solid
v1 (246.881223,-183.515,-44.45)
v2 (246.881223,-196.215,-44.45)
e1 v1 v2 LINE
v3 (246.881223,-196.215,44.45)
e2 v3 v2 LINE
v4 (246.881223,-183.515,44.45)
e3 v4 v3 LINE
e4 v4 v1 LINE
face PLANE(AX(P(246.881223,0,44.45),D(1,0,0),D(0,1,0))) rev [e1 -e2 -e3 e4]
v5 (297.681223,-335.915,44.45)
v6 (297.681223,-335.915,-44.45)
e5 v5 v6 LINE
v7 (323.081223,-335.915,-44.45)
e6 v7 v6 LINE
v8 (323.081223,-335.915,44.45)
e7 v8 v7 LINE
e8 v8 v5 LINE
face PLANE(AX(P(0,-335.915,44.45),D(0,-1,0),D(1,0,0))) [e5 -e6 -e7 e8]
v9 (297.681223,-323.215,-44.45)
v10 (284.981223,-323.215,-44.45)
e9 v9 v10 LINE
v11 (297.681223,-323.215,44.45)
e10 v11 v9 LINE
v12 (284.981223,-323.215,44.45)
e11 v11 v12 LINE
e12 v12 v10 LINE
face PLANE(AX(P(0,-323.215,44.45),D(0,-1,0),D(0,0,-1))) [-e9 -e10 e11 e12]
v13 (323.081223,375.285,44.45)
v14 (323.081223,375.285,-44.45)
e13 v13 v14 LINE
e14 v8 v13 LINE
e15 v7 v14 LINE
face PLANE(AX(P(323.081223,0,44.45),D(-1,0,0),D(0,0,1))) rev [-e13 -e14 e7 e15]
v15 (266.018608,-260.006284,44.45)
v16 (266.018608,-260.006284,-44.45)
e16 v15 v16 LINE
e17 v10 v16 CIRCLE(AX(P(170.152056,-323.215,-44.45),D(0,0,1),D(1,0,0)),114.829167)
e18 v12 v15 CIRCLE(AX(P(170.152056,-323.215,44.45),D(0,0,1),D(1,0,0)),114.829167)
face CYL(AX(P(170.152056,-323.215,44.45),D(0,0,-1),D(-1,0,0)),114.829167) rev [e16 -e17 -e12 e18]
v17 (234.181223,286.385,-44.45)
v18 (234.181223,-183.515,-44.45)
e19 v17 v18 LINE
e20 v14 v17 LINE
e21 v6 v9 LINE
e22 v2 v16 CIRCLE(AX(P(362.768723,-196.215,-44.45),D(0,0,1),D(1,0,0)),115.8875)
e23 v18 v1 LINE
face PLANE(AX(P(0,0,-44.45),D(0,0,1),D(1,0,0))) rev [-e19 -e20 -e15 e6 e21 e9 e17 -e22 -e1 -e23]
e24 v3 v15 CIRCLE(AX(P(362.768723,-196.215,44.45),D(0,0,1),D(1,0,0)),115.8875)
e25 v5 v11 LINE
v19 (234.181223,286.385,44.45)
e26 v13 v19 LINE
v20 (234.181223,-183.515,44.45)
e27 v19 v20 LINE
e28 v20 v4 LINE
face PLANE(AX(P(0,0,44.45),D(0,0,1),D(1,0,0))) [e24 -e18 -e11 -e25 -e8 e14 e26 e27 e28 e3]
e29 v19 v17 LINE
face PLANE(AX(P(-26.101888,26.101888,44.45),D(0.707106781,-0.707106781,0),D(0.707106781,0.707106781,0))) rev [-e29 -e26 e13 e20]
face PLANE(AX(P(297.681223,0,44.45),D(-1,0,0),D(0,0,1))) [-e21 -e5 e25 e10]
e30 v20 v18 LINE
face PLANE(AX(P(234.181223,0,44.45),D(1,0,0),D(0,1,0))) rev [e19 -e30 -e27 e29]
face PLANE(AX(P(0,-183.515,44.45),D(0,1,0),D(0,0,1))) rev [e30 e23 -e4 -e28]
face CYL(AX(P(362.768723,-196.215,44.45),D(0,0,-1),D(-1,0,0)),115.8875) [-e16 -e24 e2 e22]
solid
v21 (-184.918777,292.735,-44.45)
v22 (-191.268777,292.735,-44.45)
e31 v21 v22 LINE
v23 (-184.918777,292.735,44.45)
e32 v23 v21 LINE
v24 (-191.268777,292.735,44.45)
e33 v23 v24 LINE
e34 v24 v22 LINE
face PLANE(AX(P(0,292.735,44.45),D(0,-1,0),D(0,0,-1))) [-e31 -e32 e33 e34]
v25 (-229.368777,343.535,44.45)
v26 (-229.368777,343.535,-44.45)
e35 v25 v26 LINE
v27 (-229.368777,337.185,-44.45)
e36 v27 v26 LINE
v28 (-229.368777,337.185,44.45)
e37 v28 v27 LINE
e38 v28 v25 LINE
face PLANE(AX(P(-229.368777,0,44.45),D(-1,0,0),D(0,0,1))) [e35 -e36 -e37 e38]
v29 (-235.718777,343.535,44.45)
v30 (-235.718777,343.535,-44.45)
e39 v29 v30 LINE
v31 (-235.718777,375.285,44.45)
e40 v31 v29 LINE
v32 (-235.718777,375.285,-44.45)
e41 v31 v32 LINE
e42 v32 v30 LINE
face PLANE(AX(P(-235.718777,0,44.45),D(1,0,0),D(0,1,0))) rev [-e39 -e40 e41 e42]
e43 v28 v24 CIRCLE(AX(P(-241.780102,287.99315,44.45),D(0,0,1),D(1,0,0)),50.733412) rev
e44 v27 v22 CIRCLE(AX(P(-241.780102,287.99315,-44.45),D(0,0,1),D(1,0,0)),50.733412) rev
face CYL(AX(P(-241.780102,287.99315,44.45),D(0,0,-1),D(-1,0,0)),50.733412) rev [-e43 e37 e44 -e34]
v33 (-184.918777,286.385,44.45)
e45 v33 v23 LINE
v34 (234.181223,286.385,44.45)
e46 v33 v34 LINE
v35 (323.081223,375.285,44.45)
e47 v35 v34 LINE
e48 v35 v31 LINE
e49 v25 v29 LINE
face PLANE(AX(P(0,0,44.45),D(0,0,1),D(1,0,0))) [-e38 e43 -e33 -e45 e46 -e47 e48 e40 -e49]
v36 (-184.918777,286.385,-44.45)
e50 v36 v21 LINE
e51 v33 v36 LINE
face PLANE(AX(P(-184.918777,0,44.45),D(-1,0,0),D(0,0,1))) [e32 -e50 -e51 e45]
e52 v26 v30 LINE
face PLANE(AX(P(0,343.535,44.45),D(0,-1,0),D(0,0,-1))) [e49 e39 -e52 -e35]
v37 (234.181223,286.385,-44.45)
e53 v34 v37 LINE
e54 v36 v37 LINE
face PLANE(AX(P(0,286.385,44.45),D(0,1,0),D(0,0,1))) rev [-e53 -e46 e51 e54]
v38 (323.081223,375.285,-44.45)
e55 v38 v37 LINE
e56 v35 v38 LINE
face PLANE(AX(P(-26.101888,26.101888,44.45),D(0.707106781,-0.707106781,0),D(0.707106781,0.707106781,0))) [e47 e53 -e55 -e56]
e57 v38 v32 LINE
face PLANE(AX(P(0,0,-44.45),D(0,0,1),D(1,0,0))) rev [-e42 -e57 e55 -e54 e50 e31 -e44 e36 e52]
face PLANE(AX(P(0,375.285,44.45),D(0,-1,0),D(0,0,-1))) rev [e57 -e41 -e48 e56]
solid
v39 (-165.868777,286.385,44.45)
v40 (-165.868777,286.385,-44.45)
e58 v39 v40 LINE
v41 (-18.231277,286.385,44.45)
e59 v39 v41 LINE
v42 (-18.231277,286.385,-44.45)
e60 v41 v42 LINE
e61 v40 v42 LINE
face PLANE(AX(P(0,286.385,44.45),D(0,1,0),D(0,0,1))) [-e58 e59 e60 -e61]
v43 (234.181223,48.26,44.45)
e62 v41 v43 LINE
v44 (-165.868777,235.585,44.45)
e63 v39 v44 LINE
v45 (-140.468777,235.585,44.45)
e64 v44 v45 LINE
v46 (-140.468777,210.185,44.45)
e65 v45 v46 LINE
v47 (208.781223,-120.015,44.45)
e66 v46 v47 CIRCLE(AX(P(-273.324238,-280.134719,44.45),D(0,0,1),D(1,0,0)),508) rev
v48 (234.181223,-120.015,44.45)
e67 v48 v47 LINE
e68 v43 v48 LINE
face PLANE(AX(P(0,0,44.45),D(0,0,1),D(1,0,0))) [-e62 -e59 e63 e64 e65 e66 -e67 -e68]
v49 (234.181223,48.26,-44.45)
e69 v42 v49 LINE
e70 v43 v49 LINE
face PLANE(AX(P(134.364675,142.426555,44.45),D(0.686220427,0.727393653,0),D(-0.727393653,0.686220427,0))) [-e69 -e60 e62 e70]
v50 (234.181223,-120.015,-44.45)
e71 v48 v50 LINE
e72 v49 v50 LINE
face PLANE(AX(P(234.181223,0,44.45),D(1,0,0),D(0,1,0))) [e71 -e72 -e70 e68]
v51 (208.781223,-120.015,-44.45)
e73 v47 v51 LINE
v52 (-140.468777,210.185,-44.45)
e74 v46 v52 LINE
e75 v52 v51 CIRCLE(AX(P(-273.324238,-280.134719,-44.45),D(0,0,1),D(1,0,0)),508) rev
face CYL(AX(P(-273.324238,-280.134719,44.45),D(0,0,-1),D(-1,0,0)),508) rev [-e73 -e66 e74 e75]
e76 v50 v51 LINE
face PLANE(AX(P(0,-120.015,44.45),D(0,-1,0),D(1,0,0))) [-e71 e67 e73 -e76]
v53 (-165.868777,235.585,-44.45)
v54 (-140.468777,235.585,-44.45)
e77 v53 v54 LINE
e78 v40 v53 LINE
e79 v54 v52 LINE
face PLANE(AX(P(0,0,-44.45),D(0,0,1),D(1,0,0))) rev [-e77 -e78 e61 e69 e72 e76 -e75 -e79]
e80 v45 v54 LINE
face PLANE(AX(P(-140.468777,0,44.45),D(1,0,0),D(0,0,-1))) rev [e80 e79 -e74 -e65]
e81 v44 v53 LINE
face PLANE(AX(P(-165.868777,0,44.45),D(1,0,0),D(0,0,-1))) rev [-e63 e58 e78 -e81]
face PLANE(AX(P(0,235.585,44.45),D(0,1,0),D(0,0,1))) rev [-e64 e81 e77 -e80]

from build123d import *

# Parameters (mm, degrees)
BOSS_EXTRUDE1_DEPTH = 44.45
BOSS_EXTRUDE2_DEPTH = 44.45
BOSS_EXTRUDE3_DEPTH = 44.45


with BuildPart() as part:
    # Sketch1 → Boss-Extrude1 (new body, symmetric)
    with BuildSketch(Plane.XY):
        with BuildLine():
            Line((-229.368776984, 337.185), (-229.368776984, 343.535))
            Line((-229.368776984, 343.535), (-235.718776984, 343.535))
            Line((-235.718776984, 343.535), (-235.718776984, 375.285))
            Line((-235.718776984, 375.285), (323.081223016, 375.285))
            Line((323.081223016, 375.285), (234.181223016, 286.385))
            Line((234.181223016, 286.385), (-184.918776984, 286.385))
            Line((-184.918776984, 286.385), (-184.918776984, 292.735))
            Line((-184.918776984, 292.735), (-191.268776984, 292.735))
            ThreePointArc((-191.268776984, 292.735), (-203.260423906, 321.010016924), (-229.368776984, 337.185))
        make_face()
    extrude(amount=BOSS_EXTRUDE1_DEPTH, both=True)


with BuildPart() as body_2:
    # Sketch1_3 → Boss-Extrude2 (new body, symmetric)
    with BuildSketch(Plane.XY):
        with BuildLine():
            Line((234.181223016, 48.26), (-18.231276984, 286.385))
            Line((-18.231276984, 286.385), (-165.868776984, 286.385))
            Line((-165.868776984, 286.385), (-165.868776984, 235.585))
            Line((-165.868776984, 235.585), (-140.468776984, 235.585))
            Line((-140.468776984, 235.585), (-140.468776984, 210.185))
            ThreePointArc((-140.468776984, 210.185), (75.677544074, 89.001781889), (208.781223016, -120.015))
            Line((208.781223016, -120.015), (234.181223016, -120.015))
            Line((234.181223016, -120.015), (234.181223016, 48.26))
        make_face()
    extrude(amount=BOSS_EXTRUDE2_DEPTH, both=True)


with BuildPart() as body_3:
    # Sketch1_4 → Boss-Extrude3 (new body, symmetric)
    with BuildSketch(Plane.XY):
        with BuildLine():
            Line((323.081223016, -335.915), (323.081223016, 375.285))
            Line((323.081223016, 375.285), (234.181223016, 286.385))
            Line((234.181223016, 286.385), (234.181223016, -183.515))
            Line((234.181223016, -183.515), (246.881223016, -183.515))
            Line((246.881223016, -183.515), (246.881223016, -196.215))
            ThreePointArc((246.881223016, -196.215), (251.768629387, -229.515028089), (266.018608337, -260.006284404))
            ThreePointArc((266.018608337, -260.006284404), (280.138450492, -290.219081757), (284.981223016, -323.215))
            Line((284.981223016, -323.215), (297.681223016, -323.215))
            Line((297.681223016, -323.215), (297.681223016, -335.915))
            Line((297.681223016, -335.915), (323.081223016, -335.915))
        make_face()
    extrude(amount=BOSS_EXTRUDE3_DEPTH, both=True)


solid = Compound([part.part, body_2.part, body_3.part])
